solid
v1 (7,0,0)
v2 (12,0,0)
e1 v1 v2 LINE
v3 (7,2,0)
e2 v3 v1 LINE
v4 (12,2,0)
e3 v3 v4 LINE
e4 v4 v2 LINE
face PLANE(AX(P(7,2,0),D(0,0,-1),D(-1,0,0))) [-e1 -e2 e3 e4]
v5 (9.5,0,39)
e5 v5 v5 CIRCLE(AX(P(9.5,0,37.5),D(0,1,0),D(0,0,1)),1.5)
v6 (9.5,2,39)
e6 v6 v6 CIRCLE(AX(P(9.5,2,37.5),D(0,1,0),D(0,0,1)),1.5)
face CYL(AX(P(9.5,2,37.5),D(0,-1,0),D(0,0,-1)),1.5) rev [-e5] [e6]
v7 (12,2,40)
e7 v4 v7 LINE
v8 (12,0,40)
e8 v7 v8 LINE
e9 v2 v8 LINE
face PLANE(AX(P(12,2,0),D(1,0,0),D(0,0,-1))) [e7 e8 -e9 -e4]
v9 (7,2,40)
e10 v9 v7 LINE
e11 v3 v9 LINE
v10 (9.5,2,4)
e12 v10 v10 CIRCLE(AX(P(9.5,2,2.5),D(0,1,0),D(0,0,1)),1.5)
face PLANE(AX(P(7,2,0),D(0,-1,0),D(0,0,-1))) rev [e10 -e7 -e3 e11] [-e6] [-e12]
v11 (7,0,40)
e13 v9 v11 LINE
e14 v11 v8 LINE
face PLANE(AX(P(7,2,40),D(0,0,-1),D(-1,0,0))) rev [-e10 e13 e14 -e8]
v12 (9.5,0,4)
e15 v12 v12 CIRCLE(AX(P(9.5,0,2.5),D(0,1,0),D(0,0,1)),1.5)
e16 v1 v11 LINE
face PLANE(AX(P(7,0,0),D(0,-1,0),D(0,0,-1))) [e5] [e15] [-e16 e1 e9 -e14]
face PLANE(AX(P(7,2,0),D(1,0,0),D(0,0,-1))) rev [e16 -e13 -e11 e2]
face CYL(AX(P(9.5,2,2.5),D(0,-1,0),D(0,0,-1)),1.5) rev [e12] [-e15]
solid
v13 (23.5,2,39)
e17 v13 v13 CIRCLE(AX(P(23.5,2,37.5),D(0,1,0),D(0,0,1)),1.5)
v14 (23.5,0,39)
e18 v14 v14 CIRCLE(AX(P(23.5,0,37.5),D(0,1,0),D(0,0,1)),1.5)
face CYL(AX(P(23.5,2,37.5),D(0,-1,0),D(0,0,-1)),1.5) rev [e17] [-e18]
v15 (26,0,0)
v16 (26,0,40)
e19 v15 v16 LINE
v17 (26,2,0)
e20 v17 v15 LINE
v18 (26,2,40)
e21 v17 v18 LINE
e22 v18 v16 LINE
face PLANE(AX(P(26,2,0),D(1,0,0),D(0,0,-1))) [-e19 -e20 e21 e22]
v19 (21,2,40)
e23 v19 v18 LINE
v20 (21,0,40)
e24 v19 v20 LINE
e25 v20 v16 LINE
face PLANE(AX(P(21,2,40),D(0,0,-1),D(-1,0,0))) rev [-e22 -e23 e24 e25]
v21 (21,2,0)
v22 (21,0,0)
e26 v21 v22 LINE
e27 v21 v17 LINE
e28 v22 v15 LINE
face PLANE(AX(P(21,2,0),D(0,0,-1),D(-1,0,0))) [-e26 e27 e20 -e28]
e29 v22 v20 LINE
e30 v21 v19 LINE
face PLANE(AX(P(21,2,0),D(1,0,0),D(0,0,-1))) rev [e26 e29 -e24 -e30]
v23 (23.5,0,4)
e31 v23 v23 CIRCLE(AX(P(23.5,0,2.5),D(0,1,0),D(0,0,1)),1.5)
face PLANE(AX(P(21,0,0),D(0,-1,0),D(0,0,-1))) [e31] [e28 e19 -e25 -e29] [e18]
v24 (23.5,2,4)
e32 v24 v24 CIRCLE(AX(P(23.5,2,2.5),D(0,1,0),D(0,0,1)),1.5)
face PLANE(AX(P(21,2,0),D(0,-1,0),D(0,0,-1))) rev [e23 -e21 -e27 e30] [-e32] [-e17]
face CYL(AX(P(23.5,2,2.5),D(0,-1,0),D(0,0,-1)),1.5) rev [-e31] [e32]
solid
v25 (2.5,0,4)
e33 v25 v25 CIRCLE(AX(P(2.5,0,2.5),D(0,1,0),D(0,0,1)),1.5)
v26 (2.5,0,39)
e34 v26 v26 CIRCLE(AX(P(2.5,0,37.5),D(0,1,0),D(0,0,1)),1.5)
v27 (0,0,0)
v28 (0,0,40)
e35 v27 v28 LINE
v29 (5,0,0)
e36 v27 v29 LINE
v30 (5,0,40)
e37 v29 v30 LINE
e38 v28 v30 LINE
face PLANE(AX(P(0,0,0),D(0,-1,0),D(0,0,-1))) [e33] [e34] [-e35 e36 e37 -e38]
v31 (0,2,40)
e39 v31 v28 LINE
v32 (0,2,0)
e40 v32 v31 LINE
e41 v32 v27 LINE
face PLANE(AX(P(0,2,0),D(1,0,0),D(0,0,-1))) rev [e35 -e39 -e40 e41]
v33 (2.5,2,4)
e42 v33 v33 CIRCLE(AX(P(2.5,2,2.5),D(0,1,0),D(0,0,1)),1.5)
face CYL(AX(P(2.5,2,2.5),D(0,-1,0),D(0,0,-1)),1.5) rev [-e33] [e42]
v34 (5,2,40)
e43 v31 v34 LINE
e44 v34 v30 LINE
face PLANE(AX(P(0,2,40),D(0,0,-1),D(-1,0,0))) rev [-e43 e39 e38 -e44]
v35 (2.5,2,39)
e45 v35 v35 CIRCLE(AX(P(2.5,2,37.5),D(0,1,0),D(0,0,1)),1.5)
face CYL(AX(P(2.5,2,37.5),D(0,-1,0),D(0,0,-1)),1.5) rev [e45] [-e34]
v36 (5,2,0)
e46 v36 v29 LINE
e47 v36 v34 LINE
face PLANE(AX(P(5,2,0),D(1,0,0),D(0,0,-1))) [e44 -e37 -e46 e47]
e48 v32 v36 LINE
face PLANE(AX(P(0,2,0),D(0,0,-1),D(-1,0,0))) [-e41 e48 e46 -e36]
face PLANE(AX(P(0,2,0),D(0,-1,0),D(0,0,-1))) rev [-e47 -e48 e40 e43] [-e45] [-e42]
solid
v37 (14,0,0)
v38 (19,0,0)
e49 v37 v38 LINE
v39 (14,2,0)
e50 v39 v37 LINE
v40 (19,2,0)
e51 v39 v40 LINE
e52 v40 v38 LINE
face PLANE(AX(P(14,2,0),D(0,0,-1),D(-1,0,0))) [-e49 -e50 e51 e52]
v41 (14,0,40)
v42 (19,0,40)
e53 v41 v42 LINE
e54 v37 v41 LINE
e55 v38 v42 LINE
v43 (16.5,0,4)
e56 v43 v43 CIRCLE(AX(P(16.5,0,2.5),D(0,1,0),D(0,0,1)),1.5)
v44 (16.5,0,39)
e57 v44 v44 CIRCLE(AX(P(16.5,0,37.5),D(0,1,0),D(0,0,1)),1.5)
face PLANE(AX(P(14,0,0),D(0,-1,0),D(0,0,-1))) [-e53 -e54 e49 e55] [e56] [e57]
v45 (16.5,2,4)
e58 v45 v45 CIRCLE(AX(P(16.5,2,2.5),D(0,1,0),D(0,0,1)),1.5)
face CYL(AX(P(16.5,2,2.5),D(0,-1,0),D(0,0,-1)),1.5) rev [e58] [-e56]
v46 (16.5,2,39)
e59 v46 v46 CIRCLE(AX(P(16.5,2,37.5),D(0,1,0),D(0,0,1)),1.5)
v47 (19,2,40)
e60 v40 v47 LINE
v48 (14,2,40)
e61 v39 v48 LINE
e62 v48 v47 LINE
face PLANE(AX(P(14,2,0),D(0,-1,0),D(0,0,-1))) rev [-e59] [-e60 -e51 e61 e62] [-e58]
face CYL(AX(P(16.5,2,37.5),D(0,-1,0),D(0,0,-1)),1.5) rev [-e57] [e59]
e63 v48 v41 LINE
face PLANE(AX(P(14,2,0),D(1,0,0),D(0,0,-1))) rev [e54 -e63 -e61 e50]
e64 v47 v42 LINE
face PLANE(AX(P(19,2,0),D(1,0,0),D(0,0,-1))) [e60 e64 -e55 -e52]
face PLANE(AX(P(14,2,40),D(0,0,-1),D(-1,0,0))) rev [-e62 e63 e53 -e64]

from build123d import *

# Parameters (mm, degrees)
SKETCH_1_W             = 5
SKETCH_1_H             = 40
SKETCH_1_R             = 1.5
EXTRUDE_1_DEPTH        = 2
PATTERN_LINEAR_2_COUNT = 4
PATTERN_LINEAR_2_PITCH = 7


with BuildPart() as part:
    # 草图1 → 凸台-拉伸1 (new body)
    with BuildSketch(Plane(origin=(0, 0, 0), x_dir=(1, 0, 0), z_dir=(0, 1, 0))):
        with Locations((2.5, -20)):
            Rectangle(SKETCH_1_W, SKETCH_1_H)
        with Locations(Location((2.5, -2.5, 0), (0, 0, 270))):
            Circle(SKETCH_1_R, mode=Mode.SUBTRACT)
        with Locations(Location((2.5, -37.5, 0), (0, 0, 270))):
            Circle(SKETCH_1_R, mode=Mode.SUBTRACT)
    extrude(amount=EXTRUDE_1_DEPTH)


with BuildPart() as pattern_linear_2_1:
    # 阵列(线性)2: pattern copy
    add(part.part.moved(Location(Vector(1, 0, 0) * (1 * PATTERN_LINEAR_2_PITCH))))


with BuildPart() as pattern_linear_2_2:
    # 阵列(线性)2: pattern copy
    add(part.part.moved(Location(Vector(1, 0, 0) * (2 * PATTERN_LINEAR_2_PITCH))))


with BuildPart() as pattern_linear_2_3:
    # 阵列(线性)2: pattern copy
    add(part.part.moved(Location(Vector(1, 0, 0) * (3 * PATTERN_LINEAR_2_PITCH))))


solid = Compound([part.part, pattern_linear_2_1.part, pattern_linear_2_2.part, pattern_linear_2_3.part])
